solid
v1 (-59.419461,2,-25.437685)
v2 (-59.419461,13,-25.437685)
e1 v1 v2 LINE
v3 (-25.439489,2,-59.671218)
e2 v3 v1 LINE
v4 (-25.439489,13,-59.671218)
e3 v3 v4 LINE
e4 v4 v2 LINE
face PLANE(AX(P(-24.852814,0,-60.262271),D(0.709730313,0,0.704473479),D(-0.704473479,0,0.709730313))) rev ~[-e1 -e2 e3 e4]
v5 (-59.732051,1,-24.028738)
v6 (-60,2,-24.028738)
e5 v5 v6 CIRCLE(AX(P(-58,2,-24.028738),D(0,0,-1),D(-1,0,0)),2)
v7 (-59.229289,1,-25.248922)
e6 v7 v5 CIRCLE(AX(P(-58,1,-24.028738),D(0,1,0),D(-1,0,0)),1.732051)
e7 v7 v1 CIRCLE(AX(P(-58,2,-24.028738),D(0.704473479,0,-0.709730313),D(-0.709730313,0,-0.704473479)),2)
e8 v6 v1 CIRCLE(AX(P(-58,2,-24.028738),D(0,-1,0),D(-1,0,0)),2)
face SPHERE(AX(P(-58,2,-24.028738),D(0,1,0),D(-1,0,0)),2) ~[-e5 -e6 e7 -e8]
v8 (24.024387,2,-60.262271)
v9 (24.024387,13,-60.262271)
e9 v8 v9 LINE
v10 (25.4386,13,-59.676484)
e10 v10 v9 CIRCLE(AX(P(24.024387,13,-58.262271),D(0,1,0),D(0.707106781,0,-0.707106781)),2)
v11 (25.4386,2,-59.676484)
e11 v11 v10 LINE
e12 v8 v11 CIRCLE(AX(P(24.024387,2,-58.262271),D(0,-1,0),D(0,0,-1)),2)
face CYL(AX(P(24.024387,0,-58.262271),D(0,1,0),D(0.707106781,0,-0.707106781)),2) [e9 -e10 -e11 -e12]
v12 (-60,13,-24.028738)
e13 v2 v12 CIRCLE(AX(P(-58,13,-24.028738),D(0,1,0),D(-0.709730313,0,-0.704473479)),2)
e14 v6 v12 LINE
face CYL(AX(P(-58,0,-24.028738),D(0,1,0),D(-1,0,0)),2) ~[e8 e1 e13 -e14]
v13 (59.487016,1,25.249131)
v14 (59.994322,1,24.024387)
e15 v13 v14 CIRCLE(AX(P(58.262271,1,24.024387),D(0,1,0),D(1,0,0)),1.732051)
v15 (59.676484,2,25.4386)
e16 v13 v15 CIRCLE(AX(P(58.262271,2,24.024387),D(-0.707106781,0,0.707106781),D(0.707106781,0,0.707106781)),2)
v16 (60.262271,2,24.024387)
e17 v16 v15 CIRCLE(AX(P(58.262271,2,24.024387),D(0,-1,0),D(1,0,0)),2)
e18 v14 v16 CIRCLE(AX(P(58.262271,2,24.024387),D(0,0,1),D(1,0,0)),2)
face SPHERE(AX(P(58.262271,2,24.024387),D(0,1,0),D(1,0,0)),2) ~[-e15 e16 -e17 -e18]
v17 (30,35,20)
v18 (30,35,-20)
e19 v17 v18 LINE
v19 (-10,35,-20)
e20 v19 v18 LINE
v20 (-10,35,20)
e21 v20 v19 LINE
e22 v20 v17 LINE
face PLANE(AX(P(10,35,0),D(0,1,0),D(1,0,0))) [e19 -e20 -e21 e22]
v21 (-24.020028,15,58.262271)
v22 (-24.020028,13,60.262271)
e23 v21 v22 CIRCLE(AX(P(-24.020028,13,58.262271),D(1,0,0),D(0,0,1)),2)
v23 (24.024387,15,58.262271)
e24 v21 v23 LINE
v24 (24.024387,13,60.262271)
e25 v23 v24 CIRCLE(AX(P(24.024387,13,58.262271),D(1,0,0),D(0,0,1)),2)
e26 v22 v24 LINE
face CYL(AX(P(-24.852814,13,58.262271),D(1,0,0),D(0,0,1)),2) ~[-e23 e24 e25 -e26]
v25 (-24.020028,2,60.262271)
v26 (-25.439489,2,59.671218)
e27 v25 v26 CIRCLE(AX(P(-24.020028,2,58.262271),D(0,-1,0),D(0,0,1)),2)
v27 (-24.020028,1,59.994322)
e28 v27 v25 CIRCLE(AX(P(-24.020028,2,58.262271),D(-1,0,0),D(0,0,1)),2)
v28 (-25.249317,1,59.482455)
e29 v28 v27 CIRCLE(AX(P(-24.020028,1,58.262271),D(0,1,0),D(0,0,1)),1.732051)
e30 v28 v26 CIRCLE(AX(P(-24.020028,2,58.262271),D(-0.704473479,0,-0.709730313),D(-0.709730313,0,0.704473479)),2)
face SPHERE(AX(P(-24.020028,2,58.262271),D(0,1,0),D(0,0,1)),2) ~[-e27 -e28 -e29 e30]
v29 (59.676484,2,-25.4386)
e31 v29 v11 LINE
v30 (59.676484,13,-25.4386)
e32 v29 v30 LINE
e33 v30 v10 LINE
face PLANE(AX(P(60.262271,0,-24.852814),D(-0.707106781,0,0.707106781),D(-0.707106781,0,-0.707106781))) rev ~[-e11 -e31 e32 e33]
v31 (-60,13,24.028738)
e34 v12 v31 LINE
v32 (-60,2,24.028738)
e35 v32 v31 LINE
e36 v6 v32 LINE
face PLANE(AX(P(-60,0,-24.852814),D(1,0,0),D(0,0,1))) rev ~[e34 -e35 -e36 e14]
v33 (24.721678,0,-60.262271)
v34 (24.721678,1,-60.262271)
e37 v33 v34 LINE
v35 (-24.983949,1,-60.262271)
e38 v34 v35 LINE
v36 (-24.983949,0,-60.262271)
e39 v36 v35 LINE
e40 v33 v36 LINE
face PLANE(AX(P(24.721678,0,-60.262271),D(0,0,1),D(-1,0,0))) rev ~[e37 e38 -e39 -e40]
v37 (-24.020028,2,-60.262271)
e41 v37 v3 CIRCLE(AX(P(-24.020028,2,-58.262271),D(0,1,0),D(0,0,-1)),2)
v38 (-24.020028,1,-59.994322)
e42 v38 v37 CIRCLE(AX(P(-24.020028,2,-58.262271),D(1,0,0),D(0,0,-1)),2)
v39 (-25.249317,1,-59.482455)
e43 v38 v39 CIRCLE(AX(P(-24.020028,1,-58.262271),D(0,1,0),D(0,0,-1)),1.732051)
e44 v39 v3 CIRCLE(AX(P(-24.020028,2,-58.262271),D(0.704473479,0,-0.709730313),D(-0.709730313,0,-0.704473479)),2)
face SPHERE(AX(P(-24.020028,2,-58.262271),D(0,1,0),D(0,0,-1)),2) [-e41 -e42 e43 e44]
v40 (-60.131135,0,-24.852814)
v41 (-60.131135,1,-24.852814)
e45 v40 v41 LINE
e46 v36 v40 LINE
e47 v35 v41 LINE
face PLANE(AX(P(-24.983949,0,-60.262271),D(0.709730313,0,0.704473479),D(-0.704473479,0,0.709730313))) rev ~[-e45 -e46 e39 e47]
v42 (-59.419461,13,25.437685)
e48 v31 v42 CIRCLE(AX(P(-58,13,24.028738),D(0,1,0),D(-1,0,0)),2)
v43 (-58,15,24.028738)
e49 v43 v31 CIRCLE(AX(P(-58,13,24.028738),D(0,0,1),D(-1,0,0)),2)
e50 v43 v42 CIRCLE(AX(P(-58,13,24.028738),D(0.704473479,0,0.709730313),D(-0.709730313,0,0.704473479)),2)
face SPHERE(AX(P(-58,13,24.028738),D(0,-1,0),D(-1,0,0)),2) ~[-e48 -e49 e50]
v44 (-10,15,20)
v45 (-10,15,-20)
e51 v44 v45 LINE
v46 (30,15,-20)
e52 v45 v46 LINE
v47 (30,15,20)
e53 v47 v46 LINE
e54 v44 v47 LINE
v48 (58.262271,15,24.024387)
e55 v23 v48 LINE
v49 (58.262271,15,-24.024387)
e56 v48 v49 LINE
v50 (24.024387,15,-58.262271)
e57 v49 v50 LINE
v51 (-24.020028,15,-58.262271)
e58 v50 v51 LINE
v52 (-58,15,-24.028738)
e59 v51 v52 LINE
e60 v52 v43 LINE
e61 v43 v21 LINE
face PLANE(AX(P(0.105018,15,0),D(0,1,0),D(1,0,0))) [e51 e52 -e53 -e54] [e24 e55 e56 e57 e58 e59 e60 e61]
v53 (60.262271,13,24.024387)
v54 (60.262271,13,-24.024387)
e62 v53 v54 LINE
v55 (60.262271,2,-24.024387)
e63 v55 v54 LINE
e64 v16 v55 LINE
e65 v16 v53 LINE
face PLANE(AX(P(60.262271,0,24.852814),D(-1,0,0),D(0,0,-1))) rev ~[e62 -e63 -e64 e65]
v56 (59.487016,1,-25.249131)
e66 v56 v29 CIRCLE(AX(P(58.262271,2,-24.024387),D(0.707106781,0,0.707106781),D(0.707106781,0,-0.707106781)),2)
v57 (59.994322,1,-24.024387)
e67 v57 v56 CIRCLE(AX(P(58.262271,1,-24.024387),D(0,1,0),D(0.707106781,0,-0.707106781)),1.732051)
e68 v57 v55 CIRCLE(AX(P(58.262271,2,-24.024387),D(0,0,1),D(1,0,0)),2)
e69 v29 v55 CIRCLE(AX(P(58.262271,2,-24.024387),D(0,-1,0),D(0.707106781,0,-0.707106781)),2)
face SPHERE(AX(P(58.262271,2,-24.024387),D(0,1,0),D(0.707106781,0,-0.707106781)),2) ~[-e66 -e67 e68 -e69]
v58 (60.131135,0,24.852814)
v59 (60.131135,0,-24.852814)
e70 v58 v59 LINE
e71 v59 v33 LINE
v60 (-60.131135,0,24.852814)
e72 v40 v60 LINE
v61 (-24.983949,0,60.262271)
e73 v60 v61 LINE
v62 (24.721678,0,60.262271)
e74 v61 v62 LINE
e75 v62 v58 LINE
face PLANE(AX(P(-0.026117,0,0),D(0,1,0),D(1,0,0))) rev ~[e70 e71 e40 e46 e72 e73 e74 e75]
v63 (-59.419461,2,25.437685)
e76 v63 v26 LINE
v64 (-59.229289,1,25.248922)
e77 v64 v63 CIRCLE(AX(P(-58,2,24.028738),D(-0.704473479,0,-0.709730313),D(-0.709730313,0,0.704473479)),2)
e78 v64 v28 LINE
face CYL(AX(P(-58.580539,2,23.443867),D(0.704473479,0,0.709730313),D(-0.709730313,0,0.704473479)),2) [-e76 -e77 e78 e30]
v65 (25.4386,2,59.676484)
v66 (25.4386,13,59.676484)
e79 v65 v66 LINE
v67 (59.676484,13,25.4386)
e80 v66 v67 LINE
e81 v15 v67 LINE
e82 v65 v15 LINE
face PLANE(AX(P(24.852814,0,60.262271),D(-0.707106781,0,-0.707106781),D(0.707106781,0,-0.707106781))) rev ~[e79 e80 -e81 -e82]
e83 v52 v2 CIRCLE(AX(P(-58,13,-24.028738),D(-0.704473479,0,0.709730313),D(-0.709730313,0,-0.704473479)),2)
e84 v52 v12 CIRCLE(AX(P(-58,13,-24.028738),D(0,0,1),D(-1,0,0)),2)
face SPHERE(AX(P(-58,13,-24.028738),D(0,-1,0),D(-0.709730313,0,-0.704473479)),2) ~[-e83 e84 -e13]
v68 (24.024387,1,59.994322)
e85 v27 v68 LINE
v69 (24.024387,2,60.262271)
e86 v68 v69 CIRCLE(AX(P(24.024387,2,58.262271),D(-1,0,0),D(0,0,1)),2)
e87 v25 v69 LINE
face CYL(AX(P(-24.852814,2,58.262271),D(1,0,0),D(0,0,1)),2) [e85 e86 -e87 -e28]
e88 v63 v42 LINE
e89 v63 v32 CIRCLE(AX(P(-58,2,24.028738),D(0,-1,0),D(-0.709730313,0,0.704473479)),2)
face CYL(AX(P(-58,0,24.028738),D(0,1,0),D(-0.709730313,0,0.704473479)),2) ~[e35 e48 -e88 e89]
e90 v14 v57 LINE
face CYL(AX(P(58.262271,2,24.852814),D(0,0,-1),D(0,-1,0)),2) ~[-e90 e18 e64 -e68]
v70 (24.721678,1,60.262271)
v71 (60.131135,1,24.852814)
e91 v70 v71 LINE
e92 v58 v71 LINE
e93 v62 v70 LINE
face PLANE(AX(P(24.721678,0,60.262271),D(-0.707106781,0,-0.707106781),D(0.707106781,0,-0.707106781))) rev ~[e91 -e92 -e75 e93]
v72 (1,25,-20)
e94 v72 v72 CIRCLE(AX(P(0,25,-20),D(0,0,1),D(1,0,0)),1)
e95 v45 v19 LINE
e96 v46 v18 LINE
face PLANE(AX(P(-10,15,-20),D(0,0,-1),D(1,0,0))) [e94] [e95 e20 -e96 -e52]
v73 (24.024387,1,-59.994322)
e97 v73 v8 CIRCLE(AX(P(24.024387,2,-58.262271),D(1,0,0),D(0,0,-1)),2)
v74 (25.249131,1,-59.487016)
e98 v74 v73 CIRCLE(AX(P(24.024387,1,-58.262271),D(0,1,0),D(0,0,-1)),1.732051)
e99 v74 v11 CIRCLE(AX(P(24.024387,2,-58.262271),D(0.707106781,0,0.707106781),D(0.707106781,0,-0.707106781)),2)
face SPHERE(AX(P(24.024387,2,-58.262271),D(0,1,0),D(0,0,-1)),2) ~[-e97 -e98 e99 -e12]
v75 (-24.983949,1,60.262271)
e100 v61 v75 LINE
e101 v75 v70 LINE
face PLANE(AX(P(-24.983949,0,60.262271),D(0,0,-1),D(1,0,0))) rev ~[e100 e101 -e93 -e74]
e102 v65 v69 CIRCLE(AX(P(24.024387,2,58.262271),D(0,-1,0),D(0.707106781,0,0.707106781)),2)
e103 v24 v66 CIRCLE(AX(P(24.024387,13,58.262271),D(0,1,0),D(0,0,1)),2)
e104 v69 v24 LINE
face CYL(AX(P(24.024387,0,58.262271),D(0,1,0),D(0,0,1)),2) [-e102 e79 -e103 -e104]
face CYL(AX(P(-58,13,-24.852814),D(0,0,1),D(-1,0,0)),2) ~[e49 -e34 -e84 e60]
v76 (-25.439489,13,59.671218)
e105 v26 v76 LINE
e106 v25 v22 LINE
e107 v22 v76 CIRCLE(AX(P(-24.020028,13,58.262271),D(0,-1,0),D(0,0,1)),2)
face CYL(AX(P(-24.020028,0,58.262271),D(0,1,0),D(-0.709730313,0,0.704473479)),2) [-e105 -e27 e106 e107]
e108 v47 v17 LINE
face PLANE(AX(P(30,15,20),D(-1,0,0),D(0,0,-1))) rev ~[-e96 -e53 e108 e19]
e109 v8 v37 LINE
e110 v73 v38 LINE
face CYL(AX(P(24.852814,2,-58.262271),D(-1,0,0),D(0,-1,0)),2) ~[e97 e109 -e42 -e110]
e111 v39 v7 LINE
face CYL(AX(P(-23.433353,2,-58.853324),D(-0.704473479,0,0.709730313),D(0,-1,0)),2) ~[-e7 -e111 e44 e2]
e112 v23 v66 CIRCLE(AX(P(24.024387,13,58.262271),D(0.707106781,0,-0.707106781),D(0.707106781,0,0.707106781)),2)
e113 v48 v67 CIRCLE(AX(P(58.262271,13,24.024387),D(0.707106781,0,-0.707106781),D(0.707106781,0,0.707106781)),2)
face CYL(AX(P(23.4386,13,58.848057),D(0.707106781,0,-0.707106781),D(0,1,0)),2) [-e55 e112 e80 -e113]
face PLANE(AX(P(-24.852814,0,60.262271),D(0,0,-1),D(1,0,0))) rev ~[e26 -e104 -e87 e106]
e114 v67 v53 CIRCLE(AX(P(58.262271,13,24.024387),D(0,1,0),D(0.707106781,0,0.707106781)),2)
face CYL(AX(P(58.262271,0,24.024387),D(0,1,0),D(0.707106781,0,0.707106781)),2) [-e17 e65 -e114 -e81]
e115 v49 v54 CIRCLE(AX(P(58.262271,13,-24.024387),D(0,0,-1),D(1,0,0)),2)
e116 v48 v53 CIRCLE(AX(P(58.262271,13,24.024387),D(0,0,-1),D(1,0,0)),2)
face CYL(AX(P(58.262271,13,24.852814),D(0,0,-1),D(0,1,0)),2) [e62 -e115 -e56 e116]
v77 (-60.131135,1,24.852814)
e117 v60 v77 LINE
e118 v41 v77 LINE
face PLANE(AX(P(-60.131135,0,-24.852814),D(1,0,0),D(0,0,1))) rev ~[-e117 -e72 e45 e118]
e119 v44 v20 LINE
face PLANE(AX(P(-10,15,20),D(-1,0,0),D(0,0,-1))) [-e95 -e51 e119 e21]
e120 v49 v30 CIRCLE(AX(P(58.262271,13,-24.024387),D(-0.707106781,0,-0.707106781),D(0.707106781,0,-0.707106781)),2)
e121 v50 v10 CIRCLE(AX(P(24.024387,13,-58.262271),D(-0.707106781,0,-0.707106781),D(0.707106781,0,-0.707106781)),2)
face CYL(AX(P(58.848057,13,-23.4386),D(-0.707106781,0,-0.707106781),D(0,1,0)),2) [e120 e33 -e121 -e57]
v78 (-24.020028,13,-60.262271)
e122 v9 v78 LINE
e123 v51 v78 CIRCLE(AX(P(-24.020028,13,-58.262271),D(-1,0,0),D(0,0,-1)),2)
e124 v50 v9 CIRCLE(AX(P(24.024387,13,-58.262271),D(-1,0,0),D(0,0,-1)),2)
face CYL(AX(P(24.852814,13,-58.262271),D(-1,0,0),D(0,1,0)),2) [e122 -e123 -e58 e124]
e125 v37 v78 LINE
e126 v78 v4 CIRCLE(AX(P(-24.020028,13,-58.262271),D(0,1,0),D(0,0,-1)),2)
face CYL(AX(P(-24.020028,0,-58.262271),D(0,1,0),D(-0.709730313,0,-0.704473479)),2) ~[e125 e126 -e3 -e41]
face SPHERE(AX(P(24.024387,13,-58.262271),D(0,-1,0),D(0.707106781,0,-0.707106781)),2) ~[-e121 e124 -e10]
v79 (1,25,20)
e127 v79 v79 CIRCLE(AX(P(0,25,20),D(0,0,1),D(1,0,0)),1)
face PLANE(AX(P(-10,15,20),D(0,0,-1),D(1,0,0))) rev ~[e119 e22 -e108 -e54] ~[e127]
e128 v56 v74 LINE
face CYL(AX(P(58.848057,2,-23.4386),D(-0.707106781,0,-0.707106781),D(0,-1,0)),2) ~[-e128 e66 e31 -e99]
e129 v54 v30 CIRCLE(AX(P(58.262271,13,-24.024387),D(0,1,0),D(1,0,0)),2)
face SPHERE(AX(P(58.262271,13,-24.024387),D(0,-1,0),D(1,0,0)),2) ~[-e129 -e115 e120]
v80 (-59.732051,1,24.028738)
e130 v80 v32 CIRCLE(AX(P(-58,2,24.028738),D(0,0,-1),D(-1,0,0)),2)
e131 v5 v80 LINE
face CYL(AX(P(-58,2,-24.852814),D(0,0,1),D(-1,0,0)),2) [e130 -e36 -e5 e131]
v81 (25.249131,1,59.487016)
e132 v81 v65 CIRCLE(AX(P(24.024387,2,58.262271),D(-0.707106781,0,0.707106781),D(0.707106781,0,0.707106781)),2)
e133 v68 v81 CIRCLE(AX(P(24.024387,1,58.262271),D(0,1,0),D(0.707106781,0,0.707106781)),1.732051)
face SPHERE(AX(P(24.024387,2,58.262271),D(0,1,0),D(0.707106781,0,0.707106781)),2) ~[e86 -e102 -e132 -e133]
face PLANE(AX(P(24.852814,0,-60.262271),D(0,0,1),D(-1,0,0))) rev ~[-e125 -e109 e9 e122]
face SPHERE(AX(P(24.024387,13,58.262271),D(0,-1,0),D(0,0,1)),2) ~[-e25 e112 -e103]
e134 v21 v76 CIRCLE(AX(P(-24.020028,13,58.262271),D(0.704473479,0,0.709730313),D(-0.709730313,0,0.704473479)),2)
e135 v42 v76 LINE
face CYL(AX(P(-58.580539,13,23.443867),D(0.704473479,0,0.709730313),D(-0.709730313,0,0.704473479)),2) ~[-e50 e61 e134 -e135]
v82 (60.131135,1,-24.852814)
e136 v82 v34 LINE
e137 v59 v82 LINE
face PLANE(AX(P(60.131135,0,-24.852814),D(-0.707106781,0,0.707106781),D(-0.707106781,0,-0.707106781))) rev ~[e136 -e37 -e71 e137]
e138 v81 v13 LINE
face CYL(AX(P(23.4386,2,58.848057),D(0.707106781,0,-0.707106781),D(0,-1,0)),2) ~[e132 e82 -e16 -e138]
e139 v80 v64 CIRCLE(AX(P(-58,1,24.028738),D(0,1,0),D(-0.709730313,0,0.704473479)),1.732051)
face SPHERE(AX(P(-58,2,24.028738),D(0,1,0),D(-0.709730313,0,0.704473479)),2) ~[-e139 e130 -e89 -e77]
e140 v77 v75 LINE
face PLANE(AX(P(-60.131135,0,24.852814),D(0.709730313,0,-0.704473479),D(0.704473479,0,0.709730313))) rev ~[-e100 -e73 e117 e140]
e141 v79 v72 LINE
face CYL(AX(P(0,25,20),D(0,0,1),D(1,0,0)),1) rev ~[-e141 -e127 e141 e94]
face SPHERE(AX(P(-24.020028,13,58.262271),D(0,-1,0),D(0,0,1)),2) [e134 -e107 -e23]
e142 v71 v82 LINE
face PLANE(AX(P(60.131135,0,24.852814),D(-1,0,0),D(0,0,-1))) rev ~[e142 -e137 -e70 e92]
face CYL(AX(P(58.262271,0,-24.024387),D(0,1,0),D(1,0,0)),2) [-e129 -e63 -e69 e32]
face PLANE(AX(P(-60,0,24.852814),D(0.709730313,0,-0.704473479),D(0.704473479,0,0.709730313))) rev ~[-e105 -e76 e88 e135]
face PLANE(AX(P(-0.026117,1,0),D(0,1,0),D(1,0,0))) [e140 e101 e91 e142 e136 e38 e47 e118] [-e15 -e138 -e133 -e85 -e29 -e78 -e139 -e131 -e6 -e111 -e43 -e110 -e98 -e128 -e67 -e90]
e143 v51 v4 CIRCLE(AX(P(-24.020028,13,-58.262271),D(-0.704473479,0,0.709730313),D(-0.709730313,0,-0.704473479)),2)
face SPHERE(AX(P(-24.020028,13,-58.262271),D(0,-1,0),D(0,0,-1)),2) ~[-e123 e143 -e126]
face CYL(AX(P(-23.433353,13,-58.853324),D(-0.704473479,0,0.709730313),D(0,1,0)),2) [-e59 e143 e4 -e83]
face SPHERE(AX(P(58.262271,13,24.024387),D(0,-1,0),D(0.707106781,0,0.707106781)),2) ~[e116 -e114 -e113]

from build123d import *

# Parameters (mm, degrees)
BOSS_EXTRUDE2_DEPTH = 15
SKETCH3_W           = 40
SKETCH3_H           = 40
BOSS_EXTRUDE3_DEPTH = 20
FILLET2_R           = 2
SKETCH4_R           = 1
CUT_EXTRUDE1_DEPTH  = 40
BOSS_EXTRUDE4_DEPTH = 1


with BuildPart() as part:
    # Sketch2 → Boss-Extrude2 (new body)
    with BuildSketch(Plane(origin=(0, 0, 0), x_dir=(1, 0, 0), z_dir=(0, 1, 0))):
        Polygon((-60, -24.852813742), (-24.852813742, -60.262270904), (24.852813742, -60.262270904), (60.262270904, -24.852813742), (60.262270904, 24.852813742), (24.852813742, 60.262270904), (-24.852813742, 60.262270904), (-60, 24.852813742), align=None)
    extrude(amount=BOSS_EXTRUDE2_DEPTH)

    # Sketch3 → Boss-Extrude3 (add)
    with BuildSketch(Plane(origin=(0, 15, 0), x_dir=(1, 0, 0), z_dir=(0, 1, 0))):
        with Locations((10, 0)):
            Rectangle(SKETCH3_W, SKETCH3_H)
    extrude(amount=BOSS_EXTRUDE3_DEPTH)

    # Fillet2
    fillet2_edges = [part.edges().sort_by_distance(p)[0] for p in [
        (0, 0, 60.262270904),
        (-42.426406871, 0, 42.557542323),
        (-60, 0, 0),
        (-42.426406871, 0, -42.557542323),
        (-42.426406871, 15, 42.557542323),
        (-24.852813742, 7.5, -60.262270904),
        (24.852813742, 7.5, -60.262270904),
        (60.262270904, 7.5, -24.852813742),
        (60.262270904, 7.5, 24.852813742),
        (24.852813742, 7.5, 60.262270904),
        (-24.852813742, 7.5, 60.262270904),
        (-60, 7.5, 24.852813742),
        (-60, 7.5, -24.852813742),
        (0, 15, 60.262270904),
        (42.557542323, 15, 42.557542323),
        (60.262270904, 15, 0),
        (42.557542323, 15, -42.557542323),
        (0, 15, -60.262270904),
        (-42.426406871, 15, -42.557542323),
        (0, 0, -60.262270904),
        (-60, 15, 0),
        (42.557542323, 0, -42.557542323),
        (60.262270904, 0, 0),
        (42.557542323, 0, 42.557542323),
    ]]
    fillet(fillet2_edges, radius=FILLET2_R)

    # Sketch4 → Cut-Extrude1 (cut)
    with BuildSketch(Plane.XY.offset(20)):
        with Locations((0, 25)):
            Circle(SKETCH4_R)
    extrude(amount=-CUT_EXTRUDE1_DEPTH, mode=Mode.SUBTRACT)

    # Sketch1 → Boss-Extrude4 (add)
    with BuildSketch(Plane(origin=(0, 0, 0), x_dir=(1, 0, 0), z_dir=(0, 1, 0))):
        Polygon((-60.131135452, -24.852813742), (-24.983949194, -60.262270904), (24.72167829, -60.262270904), (60.131135452, -24.852813742), (60.131135452, 24.852813742), (24.72167829, 60.262270904), (-24.983949194, 60.262270904), (-60.131135452, 24.852813742), align=None)
    extrude(amount=BOSS_EXTRUDE4_DEPTH)


solid = part.part
